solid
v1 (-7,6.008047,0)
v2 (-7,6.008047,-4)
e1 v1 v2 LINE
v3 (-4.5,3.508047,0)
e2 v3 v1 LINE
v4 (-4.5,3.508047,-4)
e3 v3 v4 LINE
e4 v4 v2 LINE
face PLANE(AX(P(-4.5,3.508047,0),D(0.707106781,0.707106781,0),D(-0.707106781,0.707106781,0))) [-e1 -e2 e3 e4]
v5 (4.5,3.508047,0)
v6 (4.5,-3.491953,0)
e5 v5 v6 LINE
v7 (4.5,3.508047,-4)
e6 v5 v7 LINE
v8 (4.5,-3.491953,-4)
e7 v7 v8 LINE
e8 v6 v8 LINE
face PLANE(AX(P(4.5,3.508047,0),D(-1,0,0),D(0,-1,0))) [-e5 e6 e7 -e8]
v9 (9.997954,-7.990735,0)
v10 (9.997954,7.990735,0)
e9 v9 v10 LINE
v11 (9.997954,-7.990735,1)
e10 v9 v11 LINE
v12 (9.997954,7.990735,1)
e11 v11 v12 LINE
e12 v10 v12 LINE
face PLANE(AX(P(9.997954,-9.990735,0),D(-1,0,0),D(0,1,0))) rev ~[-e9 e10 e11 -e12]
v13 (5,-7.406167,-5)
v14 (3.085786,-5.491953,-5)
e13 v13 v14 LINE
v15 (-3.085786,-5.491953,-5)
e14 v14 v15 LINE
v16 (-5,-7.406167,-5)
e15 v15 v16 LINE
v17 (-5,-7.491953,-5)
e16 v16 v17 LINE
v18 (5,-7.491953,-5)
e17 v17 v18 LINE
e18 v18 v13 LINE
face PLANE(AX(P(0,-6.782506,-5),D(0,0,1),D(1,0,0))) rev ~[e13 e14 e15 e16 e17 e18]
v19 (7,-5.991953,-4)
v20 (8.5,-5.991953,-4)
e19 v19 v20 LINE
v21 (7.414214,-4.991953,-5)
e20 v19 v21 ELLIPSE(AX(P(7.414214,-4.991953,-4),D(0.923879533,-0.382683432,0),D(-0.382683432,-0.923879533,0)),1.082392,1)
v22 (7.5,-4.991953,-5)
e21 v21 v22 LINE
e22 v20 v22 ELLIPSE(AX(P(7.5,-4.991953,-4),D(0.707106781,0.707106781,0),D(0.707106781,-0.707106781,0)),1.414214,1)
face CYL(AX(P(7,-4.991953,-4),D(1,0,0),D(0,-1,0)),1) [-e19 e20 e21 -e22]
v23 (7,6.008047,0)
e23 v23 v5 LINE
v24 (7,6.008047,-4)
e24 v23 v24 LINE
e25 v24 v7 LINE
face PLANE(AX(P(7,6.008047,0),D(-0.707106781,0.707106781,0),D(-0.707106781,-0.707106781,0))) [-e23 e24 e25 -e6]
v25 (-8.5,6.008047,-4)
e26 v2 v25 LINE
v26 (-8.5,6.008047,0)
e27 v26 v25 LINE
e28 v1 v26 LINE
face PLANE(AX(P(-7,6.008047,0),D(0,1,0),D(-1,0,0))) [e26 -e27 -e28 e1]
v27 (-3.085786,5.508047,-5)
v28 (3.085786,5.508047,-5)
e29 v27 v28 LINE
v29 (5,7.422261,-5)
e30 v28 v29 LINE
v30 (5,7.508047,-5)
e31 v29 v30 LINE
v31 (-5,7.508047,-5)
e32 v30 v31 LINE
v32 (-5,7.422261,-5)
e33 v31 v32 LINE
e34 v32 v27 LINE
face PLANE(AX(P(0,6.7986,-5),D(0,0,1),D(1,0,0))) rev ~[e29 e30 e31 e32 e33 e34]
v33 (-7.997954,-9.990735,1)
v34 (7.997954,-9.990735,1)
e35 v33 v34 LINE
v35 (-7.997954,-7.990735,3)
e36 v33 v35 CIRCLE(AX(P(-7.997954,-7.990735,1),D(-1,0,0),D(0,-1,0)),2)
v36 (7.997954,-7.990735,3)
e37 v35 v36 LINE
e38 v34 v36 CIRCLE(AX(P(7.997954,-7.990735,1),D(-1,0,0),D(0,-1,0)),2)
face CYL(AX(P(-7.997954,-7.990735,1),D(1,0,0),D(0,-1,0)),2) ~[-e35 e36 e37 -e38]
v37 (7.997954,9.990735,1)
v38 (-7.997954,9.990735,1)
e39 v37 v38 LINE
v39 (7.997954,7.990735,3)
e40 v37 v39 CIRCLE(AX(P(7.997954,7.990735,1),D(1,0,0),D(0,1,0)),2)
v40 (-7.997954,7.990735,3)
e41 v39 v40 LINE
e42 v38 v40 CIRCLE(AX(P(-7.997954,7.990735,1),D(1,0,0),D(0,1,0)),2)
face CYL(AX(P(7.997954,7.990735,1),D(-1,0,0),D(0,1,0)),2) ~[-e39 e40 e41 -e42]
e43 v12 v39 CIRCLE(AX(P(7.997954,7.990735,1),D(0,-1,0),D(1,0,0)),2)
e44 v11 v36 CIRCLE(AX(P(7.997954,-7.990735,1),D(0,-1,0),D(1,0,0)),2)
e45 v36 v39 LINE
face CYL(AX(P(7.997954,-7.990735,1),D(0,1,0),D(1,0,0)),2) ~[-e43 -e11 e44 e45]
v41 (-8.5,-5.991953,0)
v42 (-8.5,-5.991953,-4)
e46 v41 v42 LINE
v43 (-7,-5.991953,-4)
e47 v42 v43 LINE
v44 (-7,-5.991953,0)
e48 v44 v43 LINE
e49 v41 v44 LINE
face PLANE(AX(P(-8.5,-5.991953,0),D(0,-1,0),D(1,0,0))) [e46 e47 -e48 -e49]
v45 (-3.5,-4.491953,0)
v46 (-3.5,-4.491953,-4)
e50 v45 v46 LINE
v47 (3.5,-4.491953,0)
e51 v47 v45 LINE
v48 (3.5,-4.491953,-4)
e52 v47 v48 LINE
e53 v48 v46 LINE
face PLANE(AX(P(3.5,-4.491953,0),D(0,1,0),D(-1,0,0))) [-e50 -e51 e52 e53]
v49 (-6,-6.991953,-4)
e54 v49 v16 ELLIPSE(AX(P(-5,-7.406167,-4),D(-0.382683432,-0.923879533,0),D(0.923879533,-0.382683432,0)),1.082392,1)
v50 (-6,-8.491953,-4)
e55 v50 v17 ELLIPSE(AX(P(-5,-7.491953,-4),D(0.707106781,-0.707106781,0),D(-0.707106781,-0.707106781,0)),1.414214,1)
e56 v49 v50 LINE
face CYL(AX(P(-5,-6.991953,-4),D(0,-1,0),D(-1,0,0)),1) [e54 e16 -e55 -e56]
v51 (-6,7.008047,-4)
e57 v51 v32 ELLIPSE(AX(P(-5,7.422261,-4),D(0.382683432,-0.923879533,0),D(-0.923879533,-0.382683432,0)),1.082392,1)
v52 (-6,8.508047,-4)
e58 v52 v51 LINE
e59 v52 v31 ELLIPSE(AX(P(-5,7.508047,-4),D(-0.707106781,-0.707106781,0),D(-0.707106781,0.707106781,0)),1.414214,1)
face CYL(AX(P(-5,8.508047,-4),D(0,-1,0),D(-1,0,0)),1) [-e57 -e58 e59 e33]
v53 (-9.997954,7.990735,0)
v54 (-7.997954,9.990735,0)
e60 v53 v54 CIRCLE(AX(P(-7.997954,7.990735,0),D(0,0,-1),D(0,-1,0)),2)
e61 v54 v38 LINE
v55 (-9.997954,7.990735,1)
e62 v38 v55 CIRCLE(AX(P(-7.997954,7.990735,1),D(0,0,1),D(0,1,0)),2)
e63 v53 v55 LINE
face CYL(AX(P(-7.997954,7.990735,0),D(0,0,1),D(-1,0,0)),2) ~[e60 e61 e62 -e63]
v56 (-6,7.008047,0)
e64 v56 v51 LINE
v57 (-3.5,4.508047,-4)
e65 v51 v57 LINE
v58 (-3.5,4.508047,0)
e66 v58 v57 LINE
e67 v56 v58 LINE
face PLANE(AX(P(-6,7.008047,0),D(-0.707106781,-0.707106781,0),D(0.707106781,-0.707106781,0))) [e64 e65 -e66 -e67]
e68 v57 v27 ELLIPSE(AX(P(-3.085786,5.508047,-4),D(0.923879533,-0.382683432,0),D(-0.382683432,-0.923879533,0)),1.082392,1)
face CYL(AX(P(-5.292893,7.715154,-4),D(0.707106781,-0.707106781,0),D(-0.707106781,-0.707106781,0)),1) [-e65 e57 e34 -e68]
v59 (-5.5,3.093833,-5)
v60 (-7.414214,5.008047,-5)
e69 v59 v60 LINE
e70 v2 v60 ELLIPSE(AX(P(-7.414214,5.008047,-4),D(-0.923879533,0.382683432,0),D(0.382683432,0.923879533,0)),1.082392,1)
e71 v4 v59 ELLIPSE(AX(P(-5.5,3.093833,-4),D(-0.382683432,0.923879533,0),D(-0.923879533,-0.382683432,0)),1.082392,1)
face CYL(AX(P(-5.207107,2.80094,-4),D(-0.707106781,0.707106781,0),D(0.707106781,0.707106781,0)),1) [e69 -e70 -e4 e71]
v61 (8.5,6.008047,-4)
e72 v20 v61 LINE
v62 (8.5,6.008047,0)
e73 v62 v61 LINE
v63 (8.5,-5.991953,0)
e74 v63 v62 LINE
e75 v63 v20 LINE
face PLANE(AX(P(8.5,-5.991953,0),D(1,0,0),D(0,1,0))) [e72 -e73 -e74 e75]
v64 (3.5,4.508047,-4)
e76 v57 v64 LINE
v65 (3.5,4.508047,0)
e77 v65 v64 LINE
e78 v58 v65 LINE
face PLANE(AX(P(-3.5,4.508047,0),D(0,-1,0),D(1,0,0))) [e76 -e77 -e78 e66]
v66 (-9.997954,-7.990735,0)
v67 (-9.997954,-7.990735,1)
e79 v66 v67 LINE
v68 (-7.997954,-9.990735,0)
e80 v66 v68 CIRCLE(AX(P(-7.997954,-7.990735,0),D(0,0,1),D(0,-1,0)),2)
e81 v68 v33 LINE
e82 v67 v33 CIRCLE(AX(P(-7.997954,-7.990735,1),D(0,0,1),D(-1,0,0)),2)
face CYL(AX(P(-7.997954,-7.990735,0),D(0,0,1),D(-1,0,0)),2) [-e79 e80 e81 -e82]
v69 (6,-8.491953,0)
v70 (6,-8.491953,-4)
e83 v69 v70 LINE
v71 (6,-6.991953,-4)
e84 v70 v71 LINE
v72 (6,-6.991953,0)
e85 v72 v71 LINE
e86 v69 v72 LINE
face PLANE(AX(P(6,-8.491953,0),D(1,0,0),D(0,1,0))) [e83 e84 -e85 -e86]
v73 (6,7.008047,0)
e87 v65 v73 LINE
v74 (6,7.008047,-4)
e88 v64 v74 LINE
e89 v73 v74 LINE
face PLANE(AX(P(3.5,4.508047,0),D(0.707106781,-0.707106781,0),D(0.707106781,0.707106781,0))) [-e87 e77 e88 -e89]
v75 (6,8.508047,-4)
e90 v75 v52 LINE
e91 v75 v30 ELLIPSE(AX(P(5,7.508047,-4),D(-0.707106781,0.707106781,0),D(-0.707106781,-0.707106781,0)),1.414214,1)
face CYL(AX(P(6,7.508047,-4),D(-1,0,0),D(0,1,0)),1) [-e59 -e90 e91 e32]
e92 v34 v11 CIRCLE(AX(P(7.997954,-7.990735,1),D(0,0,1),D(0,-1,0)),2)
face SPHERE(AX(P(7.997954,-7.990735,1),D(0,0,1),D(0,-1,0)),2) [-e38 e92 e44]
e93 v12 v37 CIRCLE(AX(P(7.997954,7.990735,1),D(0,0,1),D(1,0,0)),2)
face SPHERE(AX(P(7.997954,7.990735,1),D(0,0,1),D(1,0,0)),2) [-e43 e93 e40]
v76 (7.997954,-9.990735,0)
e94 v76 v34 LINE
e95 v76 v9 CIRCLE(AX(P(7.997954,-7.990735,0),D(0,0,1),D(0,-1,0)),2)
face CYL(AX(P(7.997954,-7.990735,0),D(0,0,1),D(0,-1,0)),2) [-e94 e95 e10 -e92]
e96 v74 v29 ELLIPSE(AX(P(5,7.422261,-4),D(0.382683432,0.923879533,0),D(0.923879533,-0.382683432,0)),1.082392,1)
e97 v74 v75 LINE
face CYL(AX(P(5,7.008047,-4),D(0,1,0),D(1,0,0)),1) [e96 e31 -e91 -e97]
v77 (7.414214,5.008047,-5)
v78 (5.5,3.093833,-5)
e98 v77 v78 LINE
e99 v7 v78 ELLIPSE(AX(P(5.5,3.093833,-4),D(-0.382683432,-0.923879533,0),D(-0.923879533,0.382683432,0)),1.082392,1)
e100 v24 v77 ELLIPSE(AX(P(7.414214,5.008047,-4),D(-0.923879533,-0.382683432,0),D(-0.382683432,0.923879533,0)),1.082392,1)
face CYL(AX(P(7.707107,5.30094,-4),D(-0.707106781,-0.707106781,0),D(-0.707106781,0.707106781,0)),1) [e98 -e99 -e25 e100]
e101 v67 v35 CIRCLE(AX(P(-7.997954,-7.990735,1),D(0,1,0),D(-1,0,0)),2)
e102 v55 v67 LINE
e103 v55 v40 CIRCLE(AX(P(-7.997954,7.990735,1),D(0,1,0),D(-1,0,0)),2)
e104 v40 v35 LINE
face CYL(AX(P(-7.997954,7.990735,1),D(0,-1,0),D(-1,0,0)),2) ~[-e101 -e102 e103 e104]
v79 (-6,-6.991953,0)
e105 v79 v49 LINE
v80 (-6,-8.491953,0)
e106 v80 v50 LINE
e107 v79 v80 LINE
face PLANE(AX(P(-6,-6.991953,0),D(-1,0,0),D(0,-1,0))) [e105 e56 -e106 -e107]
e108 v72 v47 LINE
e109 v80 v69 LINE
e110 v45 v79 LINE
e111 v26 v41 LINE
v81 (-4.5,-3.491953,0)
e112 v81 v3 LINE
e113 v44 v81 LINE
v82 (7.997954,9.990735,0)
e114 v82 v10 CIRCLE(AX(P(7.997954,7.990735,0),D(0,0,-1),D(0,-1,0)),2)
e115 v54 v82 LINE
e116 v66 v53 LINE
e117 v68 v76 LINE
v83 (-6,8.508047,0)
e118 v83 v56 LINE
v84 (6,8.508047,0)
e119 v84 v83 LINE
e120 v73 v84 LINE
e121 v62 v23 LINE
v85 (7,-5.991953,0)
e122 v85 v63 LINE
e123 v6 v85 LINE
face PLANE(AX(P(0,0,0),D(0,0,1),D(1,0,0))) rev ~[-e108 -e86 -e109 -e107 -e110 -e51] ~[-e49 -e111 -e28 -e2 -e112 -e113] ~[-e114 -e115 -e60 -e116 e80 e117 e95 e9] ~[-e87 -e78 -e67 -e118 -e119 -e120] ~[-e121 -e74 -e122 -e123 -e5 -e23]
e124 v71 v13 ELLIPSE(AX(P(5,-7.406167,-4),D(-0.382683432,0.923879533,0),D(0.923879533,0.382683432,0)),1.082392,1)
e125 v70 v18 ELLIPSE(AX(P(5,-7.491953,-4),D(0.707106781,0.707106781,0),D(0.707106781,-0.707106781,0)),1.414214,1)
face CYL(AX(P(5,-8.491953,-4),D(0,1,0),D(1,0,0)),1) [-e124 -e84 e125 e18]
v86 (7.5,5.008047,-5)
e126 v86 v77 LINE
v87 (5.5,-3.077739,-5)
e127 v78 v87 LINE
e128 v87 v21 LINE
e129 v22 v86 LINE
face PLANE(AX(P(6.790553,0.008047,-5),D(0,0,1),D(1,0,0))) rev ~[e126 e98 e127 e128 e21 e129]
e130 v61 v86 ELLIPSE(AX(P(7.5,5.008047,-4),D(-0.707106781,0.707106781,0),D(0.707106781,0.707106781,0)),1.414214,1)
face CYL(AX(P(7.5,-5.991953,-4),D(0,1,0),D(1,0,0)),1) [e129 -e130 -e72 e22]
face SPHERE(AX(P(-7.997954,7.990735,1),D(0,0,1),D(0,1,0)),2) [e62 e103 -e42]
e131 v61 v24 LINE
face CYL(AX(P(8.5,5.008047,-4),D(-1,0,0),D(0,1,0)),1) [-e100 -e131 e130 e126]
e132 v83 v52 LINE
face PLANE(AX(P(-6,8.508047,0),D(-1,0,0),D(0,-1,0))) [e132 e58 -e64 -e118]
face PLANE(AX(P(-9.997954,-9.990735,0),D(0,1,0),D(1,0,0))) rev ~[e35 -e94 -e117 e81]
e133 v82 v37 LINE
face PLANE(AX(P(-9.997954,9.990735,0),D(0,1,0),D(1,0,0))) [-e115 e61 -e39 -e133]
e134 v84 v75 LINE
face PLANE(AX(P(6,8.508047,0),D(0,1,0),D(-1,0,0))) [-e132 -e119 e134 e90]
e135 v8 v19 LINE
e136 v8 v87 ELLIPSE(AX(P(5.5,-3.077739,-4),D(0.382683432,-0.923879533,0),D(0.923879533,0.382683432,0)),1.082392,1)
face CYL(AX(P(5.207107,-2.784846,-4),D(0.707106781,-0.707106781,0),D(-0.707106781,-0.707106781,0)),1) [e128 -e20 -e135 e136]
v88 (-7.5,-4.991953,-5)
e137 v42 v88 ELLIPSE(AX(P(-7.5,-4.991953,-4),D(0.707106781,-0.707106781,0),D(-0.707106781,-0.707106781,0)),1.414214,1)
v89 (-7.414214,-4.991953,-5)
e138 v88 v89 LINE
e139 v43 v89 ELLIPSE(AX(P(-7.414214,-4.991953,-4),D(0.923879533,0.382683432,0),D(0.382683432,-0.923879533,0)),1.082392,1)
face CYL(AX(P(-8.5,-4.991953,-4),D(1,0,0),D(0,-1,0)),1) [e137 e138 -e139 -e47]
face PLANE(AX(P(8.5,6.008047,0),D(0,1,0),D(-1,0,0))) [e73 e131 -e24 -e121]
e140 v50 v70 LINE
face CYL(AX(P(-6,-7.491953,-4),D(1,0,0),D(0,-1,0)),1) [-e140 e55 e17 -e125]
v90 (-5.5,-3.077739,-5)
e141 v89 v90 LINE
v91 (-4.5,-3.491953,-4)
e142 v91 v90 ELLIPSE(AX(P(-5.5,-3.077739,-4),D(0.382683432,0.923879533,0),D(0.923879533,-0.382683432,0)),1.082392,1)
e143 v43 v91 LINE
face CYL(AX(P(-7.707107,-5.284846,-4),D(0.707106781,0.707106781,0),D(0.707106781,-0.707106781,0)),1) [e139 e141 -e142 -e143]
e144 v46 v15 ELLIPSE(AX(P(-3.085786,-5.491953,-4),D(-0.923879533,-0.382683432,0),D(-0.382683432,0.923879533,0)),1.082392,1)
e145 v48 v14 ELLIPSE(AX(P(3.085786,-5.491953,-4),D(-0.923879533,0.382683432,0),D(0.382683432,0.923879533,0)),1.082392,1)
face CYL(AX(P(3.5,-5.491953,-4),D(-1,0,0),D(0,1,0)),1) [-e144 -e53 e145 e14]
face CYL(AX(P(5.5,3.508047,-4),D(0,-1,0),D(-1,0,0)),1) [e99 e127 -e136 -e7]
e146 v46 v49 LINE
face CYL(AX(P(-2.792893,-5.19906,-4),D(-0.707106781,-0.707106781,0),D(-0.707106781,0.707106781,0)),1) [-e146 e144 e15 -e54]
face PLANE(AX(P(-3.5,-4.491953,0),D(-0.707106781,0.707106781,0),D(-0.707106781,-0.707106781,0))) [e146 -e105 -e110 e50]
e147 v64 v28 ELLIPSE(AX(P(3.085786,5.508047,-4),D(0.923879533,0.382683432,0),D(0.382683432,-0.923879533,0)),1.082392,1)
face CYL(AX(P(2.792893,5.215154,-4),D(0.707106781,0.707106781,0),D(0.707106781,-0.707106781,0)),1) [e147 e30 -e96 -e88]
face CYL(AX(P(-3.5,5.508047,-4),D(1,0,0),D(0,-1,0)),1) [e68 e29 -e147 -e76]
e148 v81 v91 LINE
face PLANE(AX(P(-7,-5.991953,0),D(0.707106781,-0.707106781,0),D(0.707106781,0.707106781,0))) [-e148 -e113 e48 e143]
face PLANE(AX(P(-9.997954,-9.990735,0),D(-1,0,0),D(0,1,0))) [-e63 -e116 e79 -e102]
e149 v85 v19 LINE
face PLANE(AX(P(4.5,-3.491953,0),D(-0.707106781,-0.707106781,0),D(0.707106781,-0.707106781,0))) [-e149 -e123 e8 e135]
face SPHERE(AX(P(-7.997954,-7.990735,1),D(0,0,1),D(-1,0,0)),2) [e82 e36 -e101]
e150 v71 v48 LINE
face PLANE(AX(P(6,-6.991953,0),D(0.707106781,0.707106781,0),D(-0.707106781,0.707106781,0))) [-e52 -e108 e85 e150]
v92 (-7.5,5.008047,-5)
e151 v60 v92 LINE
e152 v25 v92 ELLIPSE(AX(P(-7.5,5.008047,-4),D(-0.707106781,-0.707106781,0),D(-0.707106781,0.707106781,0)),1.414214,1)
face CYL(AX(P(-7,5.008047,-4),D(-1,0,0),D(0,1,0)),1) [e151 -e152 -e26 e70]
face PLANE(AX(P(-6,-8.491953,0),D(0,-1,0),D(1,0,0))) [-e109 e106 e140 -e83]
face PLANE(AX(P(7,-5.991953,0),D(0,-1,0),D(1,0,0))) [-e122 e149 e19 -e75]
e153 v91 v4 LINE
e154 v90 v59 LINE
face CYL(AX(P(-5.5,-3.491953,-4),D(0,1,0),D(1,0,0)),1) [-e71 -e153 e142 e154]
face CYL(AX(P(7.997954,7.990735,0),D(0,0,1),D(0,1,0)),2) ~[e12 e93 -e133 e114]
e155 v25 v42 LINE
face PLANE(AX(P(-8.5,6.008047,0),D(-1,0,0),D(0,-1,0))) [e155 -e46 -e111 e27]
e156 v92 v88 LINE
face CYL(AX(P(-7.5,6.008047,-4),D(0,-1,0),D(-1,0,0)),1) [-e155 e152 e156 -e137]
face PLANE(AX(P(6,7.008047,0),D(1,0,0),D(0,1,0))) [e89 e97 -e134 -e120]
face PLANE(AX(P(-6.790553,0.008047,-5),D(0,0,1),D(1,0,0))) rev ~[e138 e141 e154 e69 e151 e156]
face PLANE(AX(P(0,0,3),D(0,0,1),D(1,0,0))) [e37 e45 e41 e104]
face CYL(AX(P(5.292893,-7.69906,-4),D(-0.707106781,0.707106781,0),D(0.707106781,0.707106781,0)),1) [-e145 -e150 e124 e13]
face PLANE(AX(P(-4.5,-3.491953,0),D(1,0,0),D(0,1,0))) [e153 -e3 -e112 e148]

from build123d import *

# Parameters (mm, degrees)
F2_W     = 19.995908
F2_H     = 19.98147
F3_DEPTH = 3
F4_DEPTH = 5
F5_R     = 1
F6_R     = 2
F7_R     = 2


with BuildPart() as f3:
    # F2 (on Top) → F3 (new body)
    with BuildSketch(Plane.XY):
        Rectangle(F2_W, F2_H)
    extrude(amount=F3_DEPTH)

    # F1 (on Top) → F4 (join)
    with BuildSketch(Plane.XY):
        Polygon((-8.5, 6.008047), (-8.5, -5.991953), (-7, -5.991953), (-4.5, -3.491953), (-4.5, 3.508047), (-7, 6.008047), align=None)
        Polygon((6, 8.508047), (-6, 8.508047), (-6, 7.008047), (-3.5, 4.508047), (3.5, 4.508047), (6, 7.008047), align=None)
        Polygon((7, -5.991953), (8.5, -5.991953), (8.5, 6.008047), (7, 6.008047), (4.5, 3.508047), (4.5, -3.491953), align=None)
        Polygon((-6, -6.991953), (-6, -8.491953), (6, -8.491953), (6, -6.991953), (3.5, -4.491953), (-3.5, -4.491953), align=None)
    extrude(amount=-F4_DEPTH)

    # F5
    f5_edges = [f3.edges().sort_by_distance(p)[0] for p in [
        (0, 8.508047, -5),
        (-6, 7.758047, -5),
        (-4.75, 5.758047, -5),
        (0, 4.508047, -5),
        (4.75, 5.758047, -5),
        (6, 7.758047, -5),
        (-5.75, 4.758047, -5),
        (-7.75, 6.008047, -5),
        (-8.5, 0.008047, -5),
        (-7.75, -5.991953, -5),
        (-5.75, -4.741953, -5),
        (-4.5, 0.008047, -5),
        (-6, -7.741953, -5),
        (0, -8.491953, -5),
        (6, -7.741953, -5),
        (4.75, -5.741953, -5),
        (0, -4.491953, -5),
        (-4.75, -5.741953, -5),
        (5.75, -4.741953, -5),
        (7.75, -5.991953, -5),
        (8.5, 0.008047, -5),
        (7.75, 6.008047, -5),
        (5.75, 4.758047, -5),
        (4.5, 0.008047, -5),
    ]]
    fillet(f5_edges, radius=F5_R)

    # F6
    f6_edges = [f3.edges().sort_by_distance(p)[0] for p in [
        (9.997954, 9.990735, 1.5),
        (9.997954, -9.990735, 1.5),
        (-9.997954, -9.990735, 1.5),
        (-9.997954, 9.990735, 1.5),
    ]]
    fillet(f6_edges, radius=F6_R)

    # F7
    f7_edges = [f3.edges().sort_by_distance(p)[0] for p in [
        (0, -9.990735, 3),
        (-9.412167, -9.404949, 3),
        (9.412167, -9.404949, 3),
        (-9.997954, 0, 3),
        (9.997954, 0, 3),
        (-9.412167, 9.404949, 3),
        (9.412167, 9.404949, 3),
        (0, 9.990735, 3),
    ]]
    fillet(f7_edges, radius=F7_R)


solid = f3.part
